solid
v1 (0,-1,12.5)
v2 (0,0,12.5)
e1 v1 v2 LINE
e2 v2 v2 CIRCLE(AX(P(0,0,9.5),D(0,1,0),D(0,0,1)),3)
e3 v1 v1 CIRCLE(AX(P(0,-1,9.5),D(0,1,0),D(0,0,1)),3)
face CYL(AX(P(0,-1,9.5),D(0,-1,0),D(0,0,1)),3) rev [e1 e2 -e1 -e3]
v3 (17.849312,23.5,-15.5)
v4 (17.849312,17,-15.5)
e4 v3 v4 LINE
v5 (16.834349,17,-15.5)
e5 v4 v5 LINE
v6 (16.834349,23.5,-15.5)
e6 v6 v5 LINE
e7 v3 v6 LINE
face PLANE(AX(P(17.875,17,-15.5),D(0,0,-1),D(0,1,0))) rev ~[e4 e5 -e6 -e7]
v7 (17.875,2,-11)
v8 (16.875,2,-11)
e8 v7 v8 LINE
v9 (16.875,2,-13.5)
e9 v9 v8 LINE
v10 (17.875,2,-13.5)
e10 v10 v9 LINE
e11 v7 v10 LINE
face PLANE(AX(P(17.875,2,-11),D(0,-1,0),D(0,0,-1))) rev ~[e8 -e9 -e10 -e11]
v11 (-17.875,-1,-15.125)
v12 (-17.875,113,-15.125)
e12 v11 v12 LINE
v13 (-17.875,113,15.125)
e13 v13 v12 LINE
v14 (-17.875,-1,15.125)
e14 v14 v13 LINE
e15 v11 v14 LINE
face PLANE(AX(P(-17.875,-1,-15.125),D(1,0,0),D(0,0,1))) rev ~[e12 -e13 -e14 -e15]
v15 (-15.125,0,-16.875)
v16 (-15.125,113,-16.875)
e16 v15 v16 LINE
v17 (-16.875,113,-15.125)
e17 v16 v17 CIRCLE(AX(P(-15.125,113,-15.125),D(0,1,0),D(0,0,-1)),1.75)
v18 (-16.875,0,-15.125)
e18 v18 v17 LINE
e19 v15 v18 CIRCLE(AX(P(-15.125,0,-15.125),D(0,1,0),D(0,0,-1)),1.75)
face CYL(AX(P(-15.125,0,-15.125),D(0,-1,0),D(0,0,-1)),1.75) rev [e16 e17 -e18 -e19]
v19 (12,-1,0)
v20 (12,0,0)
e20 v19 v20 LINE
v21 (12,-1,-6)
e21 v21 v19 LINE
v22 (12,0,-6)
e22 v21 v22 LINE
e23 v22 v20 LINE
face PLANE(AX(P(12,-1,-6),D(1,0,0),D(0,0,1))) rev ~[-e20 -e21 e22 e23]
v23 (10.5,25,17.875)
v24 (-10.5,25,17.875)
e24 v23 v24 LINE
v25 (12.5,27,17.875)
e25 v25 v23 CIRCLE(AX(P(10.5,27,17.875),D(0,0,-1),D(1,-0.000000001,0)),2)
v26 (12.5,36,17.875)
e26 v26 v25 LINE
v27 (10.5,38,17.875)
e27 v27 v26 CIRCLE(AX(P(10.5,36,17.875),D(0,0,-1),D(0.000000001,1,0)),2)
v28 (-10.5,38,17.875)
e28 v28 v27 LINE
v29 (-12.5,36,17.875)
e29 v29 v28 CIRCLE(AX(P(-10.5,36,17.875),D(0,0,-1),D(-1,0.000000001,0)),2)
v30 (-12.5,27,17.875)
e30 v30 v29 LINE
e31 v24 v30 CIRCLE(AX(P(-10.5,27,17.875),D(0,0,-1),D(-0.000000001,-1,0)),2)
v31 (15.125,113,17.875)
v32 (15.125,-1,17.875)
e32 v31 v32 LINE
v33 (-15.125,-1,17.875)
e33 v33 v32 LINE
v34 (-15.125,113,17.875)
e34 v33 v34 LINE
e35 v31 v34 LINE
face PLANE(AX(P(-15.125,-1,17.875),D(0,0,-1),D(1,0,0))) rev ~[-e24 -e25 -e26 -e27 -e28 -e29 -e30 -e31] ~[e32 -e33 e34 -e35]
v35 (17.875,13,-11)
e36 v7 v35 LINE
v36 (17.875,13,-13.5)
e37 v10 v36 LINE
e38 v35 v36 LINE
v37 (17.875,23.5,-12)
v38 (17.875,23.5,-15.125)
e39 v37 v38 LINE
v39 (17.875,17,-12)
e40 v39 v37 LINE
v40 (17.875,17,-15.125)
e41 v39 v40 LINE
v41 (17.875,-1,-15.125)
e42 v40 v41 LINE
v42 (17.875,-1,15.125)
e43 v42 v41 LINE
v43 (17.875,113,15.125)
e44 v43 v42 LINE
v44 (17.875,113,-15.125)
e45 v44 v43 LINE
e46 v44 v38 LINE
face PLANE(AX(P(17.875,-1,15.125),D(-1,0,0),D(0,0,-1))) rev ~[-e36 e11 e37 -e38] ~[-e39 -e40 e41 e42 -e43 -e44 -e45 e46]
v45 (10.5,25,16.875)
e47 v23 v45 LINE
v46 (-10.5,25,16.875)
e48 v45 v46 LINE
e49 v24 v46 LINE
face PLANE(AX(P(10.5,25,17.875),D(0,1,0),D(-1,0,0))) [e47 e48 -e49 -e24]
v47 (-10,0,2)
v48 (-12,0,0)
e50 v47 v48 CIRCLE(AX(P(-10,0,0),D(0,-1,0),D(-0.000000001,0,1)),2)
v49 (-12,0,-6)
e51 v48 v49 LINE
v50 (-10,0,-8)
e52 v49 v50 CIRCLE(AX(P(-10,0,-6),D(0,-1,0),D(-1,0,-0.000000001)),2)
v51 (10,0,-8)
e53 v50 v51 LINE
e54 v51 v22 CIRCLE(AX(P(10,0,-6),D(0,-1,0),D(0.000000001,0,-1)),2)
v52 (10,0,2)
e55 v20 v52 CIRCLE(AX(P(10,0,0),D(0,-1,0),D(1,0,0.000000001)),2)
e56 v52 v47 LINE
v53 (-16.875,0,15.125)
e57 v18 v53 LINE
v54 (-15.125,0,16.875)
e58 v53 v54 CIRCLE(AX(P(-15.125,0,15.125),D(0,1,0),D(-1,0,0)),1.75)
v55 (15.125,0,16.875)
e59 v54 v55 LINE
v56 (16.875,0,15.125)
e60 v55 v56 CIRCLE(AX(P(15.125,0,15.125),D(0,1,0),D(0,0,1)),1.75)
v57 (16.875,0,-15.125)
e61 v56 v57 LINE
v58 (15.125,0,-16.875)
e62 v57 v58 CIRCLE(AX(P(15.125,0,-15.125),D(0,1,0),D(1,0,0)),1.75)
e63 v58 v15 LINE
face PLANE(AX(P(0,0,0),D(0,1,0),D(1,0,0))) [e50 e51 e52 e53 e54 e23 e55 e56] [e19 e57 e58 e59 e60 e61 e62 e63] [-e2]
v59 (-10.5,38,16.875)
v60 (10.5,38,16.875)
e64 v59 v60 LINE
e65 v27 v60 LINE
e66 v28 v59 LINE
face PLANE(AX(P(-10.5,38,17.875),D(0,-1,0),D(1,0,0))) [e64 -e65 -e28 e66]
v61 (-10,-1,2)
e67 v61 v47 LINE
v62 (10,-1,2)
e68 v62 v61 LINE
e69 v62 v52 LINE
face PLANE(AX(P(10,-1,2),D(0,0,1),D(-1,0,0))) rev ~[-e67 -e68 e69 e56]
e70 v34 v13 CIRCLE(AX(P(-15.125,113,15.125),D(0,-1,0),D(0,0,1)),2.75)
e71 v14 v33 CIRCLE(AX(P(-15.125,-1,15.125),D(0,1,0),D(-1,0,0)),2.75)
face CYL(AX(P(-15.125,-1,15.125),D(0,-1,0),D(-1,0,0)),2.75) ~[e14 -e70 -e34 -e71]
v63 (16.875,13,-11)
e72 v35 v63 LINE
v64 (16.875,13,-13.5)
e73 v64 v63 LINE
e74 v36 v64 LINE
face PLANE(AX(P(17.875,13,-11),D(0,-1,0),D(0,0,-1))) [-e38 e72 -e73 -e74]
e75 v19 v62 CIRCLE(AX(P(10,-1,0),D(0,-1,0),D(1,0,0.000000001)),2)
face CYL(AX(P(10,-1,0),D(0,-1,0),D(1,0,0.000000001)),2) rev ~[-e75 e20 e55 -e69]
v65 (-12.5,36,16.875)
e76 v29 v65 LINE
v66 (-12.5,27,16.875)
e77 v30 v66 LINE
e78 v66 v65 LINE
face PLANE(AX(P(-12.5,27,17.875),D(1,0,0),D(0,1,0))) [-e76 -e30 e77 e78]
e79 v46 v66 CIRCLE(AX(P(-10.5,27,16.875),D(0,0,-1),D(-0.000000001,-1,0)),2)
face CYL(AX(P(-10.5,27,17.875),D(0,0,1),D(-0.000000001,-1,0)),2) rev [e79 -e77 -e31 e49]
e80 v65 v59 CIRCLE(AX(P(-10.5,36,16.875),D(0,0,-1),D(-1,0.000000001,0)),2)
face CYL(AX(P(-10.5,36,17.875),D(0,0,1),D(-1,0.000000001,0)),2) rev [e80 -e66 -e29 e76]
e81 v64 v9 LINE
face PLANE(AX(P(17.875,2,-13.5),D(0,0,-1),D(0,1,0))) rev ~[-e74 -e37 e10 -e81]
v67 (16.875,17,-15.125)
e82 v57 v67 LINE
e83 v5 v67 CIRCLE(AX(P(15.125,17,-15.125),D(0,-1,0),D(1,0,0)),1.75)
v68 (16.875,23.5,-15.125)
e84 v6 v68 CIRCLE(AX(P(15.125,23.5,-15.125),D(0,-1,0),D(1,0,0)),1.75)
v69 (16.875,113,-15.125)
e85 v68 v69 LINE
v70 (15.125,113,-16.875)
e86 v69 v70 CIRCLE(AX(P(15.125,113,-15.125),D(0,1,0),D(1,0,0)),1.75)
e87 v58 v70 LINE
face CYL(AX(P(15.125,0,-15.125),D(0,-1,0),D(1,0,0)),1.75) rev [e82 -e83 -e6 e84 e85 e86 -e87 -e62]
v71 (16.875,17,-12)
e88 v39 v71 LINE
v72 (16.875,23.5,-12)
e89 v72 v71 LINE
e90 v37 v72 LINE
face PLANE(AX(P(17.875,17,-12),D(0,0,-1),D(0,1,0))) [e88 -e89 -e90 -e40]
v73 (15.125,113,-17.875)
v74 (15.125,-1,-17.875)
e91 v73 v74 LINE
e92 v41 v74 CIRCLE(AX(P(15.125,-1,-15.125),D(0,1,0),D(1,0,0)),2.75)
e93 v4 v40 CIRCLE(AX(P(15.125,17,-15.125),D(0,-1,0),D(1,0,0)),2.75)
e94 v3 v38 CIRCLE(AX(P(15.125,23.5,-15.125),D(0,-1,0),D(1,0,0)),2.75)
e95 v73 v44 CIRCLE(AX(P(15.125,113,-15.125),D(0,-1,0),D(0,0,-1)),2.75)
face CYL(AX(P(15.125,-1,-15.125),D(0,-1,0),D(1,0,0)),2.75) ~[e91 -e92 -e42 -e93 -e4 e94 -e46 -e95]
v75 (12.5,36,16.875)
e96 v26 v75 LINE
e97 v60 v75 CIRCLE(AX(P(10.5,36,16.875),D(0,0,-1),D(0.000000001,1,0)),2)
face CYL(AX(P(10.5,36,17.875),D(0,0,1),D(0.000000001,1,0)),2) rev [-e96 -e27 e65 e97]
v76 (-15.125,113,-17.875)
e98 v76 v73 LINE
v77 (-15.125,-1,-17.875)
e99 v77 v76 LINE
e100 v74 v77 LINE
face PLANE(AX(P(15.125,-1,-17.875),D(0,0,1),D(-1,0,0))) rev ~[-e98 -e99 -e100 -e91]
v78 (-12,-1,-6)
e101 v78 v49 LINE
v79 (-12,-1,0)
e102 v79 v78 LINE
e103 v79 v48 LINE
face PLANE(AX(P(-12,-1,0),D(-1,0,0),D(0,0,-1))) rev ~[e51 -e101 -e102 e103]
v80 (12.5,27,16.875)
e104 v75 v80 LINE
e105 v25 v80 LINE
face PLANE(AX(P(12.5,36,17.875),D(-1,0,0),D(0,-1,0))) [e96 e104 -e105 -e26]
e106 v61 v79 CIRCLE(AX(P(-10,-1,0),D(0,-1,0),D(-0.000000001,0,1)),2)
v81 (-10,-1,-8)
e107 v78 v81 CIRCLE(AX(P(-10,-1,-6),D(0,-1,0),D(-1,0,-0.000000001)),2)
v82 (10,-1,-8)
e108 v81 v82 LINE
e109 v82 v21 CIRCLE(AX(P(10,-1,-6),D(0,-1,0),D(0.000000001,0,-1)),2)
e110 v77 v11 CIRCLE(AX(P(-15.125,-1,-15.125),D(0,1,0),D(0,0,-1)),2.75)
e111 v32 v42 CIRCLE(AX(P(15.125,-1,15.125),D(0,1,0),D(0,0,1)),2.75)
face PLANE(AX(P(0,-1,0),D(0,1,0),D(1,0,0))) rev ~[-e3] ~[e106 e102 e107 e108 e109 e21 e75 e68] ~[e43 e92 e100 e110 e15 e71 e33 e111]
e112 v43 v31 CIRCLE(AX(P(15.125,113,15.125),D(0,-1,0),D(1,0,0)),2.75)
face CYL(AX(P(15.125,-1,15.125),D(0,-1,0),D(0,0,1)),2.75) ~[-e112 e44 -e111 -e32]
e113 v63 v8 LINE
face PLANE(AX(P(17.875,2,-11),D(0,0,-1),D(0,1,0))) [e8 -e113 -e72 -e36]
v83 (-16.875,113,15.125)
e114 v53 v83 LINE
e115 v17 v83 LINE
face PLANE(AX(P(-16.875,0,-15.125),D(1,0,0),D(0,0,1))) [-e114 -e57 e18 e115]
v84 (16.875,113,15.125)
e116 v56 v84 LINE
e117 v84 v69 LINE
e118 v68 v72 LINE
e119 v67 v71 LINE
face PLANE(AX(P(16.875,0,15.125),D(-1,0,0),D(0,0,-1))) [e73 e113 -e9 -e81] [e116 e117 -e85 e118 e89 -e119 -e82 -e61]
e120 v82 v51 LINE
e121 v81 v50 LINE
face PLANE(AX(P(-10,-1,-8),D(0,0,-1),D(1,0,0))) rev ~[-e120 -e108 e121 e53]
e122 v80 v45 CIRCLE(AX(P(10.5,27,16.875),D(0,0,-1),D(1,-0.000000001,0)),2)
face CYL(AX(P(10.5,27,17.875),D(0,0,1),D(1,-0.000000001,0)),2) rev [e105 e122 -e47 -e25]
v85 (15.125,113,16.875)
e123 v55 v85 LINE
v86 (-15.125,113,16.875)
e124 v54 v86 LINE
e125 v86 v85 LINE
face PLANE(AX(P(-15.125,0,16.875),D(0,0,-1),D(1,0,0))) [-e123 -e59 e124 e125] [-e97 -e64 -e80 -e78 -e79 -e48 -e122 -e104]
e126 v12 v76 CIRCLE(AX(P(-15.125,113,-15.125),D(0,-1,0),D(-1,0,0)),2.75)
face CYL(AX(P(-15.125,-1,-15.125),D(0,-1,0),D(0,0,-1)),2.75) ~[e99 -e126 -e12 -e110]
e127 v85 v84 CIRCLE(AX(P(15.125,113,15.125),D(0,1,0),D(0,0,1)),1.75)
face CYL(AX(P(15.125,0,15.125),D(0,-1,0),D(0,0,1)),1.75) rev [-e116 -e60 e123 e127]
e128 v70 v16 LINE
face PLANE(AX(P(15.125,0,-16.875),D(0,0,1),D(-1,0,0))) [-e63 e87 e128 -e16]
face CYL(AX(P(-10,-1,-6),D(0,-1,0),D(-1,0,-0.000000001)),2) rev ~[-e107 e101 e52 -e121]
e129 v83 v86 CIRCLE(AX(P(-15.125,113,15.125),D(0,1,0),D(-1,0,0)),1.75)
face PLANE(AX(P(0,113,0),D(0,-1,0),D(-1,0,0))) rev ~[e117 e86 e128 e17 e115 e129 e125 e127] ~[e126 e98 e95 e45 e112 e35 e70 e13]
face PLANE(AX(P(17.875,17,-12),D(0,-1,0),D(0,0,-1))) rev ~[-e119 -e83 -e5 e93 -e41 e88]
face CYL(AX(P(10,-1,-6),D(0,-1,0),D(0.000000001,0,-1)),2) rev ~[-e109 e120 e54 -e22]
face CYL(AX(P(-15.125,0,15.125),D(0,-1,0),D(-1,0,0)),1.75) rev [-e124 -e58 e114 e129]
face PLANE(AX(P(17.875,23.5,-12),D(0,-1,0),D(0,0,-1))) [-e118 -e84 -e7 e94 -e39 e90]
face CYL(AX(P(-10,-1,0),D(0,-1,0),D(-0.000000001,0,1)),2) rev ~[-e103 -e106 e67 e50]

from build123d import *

# Parameters (mm, degrees)
AUFSATZ_LINEAR_AUSTRAGEN1_DEPTH = 113
AUFSATZ_LINEAR_START            = -1
SKIZZE1_4_R                     = 3
AUFSATZ_LINEAR_AUSTRAGEN2_DEPTH = 1
SCHNITT_LINEAR_AUSTRAGEN1_DEPTH = 1
SKIZZE3_W                       = 2.5
SKIZZE3_H                       = 11
SKIZZE3_W_2                     = 3.5
SKIZZE3_H_2                     = 6.5
SCHNITT_LINEAR_AUSTRAGEN2_DEPTH = 2


with BuildPart() as part:
    # Skizze1 → Aufsatz-Linear austragen1 (new body)
    with BuildSketch(Plane(origin=(0, 0, 0), x_dir=(1, 0, 0), z_dir=(0, 1, 0))):
        with BuildLine():
            Line((15.125, 17.875), (-15.125, 17.875))
            ThreePointArc((-15.125, 17.875), (-17.069543648, 17.069543648), (-17.875, 15.125))
            Line((-17.875, 15.125), (-17.875, -15.125))
            ThreePointArc((-17.875, -15.125), (-17.069543648, -17.069543648), (-15.125, -17.875))
            Line((-15.125, -17.875), (15.125, -17.875))
            ThreePointArc((15.125, -17.875), (17.069543648, -17.069543648), (17.875, -15.125))
            Line((17.875, -15.125), (17.875, 15.125))
            ThreePointArc((17.875, 15.125), (17.069543648, 17.069543648), (15.125, 17.875))
        make_face()
        with BuildLine():
            ThreePointArc((-16.875, 15.125), (-16.362436867, 16.362436867), (-15.125, 16.875))
            Line((-15.125, 16.875), (15.125, 16.875))
            ThreePointArc((15.125, 16.875), (16.362436867, 16.362436867), (16.875, 15.125))
            Line((16.875, 15.125), (16.875, 10))
            Line((16.875, 10), (16.875, -4))
            Line((16.875, -4), (16.875, -15.125))
            ThreePointArc((16.875, -15.125), (16.362436867, -16.362436867), (15.125, -16.875))
            Line((15.125, -16.875), (-15.125, -16.875))
            ThreePointArc((-15.125, -16.875), (-16.362436867, -16.362436867), (-16.875, -15.125))
            Line((-16.875, -15.125), (-16.875, -4))
            Line((-16.875, -4), (-16.875, 10))
            Line((-16.875, 10), (-16.875, 15.125))
        make_face(mode=Mode.SUBTRACT)
    extrude(amount=AUFSATZ_LINEAR_AUSTRAGEN1_DEPTH)

    # Skizze1<4> → Aufsatz-Linear austragen2 (add)
    with BuildSketch(Plane(origin=(0, 0, 0), x_dir=(1, 0, 0), z_dir=(0, 1, 0)).offset(AUFSATZ_LINEAR_START)):
        with BuildLine():
            Line((15.125, 17.875), (-15.125, 17.875))
            ThreePointArc((-15.125, 17.875), (-17.069543648, 17.069543648), (-17.875, 15.125))
            Line((-17.875, 15.125), (-17.875, -15.125))
            ThreePointArc((-17.875, -15.125), (-17.069543648, -17.069543648), (-15.125, -17.875))
            Line((-15.125, -17.875), (15.125, -17.875))
            ThreePointArc((15.125, -17.875), (17.069543648, -17.069543648), (17.875, -15.125))
            Line((17.875, -15.125), (17.875, 15.125))
            ThreePointArc((17.875, 15.125), (17.069543648, 17.069543648), (15.125, 17.875))
        make_face()
        with BuildLine():
            Line((12, 6), (12, 0))
            ThreePointArc((12, 0), (11.414213562, -1.414213562), (10, -2))
            Line((10, -2), (-10, -2))
            ThreePointArc((-10, -2), (-11.414213562, -1.414213562), (-12, 0))
            Line((-12, 0), (-12, 6))
            ThreePointArc((-12, 6), (-11.414213562, 7.414213562), (-10, 8))
            Line((-10, 8), (10, 8))
            ThreePointArc((10, 8), (11.414213562, 7.414213562), (12, 6))
        make_face(mode=Mode.SUBTRACT)
        with Locations((0, -9.5)):
            Circle(SKIZZE1_4_R, mode=Mode.SUBTRACT)
    extrude(amount=AUFSATZ_LINEAR_AUSTRAGEN2_DEPTH)

    # Skizze2 → Schnitt-Linear austragen1 (cut)
    with BuildSketch(Plane.XY.offset(17.875)):
        with BuildLine():
            Line((-10.5, 38), (10.5, 38))
            ThreePointArc((10.5, 38), (11.914213562, 37.414213562), (12.5, 36))
            Line((12.5, 36), (12.5, 27))
            ThreePointArc((12.5, 27), (11.914213562, 25.585786438), (10.5, 25))
            Line((10.5, 25), (-10.5, 25))
            ThreePointArc((-10.5, 25), (-11.914213562, 25.585786438), (-12.5, 27))
            Line((-12.5, 27), (-12.5, 36))
            ThreePointArc((-12.5, 36), (-11.914213562, 37.414213562), (-10.5, 38))
        make_face()
    extrude(amount=-SCHNITT_LINEAR_AUSTRAGEN1_DEPTH, mode=Mode.SUBTRACT)

    # Skizze3 → Schnitt-Linear austragen2 (cut)
    with BuildSketch(Plane(origin=(17.875, 0, 0), x_dir=(0, 0, -1), z_dir=(1, 0, 0))):
        with Locations((12.25, 7.5)):
            Rectangle(SKIZZE3_W, SKIZZE3_H)
        with Locations((13.75, 20.25)):
            Rectangle(SKIZZE3_W_2, SKIZZE3_H_2)
    extrude(amount=-SCHNITT_LINEAR_AUSTRAGEN2_DEPTH, mode=Mode.SUBTRACT)


solid = part.part
